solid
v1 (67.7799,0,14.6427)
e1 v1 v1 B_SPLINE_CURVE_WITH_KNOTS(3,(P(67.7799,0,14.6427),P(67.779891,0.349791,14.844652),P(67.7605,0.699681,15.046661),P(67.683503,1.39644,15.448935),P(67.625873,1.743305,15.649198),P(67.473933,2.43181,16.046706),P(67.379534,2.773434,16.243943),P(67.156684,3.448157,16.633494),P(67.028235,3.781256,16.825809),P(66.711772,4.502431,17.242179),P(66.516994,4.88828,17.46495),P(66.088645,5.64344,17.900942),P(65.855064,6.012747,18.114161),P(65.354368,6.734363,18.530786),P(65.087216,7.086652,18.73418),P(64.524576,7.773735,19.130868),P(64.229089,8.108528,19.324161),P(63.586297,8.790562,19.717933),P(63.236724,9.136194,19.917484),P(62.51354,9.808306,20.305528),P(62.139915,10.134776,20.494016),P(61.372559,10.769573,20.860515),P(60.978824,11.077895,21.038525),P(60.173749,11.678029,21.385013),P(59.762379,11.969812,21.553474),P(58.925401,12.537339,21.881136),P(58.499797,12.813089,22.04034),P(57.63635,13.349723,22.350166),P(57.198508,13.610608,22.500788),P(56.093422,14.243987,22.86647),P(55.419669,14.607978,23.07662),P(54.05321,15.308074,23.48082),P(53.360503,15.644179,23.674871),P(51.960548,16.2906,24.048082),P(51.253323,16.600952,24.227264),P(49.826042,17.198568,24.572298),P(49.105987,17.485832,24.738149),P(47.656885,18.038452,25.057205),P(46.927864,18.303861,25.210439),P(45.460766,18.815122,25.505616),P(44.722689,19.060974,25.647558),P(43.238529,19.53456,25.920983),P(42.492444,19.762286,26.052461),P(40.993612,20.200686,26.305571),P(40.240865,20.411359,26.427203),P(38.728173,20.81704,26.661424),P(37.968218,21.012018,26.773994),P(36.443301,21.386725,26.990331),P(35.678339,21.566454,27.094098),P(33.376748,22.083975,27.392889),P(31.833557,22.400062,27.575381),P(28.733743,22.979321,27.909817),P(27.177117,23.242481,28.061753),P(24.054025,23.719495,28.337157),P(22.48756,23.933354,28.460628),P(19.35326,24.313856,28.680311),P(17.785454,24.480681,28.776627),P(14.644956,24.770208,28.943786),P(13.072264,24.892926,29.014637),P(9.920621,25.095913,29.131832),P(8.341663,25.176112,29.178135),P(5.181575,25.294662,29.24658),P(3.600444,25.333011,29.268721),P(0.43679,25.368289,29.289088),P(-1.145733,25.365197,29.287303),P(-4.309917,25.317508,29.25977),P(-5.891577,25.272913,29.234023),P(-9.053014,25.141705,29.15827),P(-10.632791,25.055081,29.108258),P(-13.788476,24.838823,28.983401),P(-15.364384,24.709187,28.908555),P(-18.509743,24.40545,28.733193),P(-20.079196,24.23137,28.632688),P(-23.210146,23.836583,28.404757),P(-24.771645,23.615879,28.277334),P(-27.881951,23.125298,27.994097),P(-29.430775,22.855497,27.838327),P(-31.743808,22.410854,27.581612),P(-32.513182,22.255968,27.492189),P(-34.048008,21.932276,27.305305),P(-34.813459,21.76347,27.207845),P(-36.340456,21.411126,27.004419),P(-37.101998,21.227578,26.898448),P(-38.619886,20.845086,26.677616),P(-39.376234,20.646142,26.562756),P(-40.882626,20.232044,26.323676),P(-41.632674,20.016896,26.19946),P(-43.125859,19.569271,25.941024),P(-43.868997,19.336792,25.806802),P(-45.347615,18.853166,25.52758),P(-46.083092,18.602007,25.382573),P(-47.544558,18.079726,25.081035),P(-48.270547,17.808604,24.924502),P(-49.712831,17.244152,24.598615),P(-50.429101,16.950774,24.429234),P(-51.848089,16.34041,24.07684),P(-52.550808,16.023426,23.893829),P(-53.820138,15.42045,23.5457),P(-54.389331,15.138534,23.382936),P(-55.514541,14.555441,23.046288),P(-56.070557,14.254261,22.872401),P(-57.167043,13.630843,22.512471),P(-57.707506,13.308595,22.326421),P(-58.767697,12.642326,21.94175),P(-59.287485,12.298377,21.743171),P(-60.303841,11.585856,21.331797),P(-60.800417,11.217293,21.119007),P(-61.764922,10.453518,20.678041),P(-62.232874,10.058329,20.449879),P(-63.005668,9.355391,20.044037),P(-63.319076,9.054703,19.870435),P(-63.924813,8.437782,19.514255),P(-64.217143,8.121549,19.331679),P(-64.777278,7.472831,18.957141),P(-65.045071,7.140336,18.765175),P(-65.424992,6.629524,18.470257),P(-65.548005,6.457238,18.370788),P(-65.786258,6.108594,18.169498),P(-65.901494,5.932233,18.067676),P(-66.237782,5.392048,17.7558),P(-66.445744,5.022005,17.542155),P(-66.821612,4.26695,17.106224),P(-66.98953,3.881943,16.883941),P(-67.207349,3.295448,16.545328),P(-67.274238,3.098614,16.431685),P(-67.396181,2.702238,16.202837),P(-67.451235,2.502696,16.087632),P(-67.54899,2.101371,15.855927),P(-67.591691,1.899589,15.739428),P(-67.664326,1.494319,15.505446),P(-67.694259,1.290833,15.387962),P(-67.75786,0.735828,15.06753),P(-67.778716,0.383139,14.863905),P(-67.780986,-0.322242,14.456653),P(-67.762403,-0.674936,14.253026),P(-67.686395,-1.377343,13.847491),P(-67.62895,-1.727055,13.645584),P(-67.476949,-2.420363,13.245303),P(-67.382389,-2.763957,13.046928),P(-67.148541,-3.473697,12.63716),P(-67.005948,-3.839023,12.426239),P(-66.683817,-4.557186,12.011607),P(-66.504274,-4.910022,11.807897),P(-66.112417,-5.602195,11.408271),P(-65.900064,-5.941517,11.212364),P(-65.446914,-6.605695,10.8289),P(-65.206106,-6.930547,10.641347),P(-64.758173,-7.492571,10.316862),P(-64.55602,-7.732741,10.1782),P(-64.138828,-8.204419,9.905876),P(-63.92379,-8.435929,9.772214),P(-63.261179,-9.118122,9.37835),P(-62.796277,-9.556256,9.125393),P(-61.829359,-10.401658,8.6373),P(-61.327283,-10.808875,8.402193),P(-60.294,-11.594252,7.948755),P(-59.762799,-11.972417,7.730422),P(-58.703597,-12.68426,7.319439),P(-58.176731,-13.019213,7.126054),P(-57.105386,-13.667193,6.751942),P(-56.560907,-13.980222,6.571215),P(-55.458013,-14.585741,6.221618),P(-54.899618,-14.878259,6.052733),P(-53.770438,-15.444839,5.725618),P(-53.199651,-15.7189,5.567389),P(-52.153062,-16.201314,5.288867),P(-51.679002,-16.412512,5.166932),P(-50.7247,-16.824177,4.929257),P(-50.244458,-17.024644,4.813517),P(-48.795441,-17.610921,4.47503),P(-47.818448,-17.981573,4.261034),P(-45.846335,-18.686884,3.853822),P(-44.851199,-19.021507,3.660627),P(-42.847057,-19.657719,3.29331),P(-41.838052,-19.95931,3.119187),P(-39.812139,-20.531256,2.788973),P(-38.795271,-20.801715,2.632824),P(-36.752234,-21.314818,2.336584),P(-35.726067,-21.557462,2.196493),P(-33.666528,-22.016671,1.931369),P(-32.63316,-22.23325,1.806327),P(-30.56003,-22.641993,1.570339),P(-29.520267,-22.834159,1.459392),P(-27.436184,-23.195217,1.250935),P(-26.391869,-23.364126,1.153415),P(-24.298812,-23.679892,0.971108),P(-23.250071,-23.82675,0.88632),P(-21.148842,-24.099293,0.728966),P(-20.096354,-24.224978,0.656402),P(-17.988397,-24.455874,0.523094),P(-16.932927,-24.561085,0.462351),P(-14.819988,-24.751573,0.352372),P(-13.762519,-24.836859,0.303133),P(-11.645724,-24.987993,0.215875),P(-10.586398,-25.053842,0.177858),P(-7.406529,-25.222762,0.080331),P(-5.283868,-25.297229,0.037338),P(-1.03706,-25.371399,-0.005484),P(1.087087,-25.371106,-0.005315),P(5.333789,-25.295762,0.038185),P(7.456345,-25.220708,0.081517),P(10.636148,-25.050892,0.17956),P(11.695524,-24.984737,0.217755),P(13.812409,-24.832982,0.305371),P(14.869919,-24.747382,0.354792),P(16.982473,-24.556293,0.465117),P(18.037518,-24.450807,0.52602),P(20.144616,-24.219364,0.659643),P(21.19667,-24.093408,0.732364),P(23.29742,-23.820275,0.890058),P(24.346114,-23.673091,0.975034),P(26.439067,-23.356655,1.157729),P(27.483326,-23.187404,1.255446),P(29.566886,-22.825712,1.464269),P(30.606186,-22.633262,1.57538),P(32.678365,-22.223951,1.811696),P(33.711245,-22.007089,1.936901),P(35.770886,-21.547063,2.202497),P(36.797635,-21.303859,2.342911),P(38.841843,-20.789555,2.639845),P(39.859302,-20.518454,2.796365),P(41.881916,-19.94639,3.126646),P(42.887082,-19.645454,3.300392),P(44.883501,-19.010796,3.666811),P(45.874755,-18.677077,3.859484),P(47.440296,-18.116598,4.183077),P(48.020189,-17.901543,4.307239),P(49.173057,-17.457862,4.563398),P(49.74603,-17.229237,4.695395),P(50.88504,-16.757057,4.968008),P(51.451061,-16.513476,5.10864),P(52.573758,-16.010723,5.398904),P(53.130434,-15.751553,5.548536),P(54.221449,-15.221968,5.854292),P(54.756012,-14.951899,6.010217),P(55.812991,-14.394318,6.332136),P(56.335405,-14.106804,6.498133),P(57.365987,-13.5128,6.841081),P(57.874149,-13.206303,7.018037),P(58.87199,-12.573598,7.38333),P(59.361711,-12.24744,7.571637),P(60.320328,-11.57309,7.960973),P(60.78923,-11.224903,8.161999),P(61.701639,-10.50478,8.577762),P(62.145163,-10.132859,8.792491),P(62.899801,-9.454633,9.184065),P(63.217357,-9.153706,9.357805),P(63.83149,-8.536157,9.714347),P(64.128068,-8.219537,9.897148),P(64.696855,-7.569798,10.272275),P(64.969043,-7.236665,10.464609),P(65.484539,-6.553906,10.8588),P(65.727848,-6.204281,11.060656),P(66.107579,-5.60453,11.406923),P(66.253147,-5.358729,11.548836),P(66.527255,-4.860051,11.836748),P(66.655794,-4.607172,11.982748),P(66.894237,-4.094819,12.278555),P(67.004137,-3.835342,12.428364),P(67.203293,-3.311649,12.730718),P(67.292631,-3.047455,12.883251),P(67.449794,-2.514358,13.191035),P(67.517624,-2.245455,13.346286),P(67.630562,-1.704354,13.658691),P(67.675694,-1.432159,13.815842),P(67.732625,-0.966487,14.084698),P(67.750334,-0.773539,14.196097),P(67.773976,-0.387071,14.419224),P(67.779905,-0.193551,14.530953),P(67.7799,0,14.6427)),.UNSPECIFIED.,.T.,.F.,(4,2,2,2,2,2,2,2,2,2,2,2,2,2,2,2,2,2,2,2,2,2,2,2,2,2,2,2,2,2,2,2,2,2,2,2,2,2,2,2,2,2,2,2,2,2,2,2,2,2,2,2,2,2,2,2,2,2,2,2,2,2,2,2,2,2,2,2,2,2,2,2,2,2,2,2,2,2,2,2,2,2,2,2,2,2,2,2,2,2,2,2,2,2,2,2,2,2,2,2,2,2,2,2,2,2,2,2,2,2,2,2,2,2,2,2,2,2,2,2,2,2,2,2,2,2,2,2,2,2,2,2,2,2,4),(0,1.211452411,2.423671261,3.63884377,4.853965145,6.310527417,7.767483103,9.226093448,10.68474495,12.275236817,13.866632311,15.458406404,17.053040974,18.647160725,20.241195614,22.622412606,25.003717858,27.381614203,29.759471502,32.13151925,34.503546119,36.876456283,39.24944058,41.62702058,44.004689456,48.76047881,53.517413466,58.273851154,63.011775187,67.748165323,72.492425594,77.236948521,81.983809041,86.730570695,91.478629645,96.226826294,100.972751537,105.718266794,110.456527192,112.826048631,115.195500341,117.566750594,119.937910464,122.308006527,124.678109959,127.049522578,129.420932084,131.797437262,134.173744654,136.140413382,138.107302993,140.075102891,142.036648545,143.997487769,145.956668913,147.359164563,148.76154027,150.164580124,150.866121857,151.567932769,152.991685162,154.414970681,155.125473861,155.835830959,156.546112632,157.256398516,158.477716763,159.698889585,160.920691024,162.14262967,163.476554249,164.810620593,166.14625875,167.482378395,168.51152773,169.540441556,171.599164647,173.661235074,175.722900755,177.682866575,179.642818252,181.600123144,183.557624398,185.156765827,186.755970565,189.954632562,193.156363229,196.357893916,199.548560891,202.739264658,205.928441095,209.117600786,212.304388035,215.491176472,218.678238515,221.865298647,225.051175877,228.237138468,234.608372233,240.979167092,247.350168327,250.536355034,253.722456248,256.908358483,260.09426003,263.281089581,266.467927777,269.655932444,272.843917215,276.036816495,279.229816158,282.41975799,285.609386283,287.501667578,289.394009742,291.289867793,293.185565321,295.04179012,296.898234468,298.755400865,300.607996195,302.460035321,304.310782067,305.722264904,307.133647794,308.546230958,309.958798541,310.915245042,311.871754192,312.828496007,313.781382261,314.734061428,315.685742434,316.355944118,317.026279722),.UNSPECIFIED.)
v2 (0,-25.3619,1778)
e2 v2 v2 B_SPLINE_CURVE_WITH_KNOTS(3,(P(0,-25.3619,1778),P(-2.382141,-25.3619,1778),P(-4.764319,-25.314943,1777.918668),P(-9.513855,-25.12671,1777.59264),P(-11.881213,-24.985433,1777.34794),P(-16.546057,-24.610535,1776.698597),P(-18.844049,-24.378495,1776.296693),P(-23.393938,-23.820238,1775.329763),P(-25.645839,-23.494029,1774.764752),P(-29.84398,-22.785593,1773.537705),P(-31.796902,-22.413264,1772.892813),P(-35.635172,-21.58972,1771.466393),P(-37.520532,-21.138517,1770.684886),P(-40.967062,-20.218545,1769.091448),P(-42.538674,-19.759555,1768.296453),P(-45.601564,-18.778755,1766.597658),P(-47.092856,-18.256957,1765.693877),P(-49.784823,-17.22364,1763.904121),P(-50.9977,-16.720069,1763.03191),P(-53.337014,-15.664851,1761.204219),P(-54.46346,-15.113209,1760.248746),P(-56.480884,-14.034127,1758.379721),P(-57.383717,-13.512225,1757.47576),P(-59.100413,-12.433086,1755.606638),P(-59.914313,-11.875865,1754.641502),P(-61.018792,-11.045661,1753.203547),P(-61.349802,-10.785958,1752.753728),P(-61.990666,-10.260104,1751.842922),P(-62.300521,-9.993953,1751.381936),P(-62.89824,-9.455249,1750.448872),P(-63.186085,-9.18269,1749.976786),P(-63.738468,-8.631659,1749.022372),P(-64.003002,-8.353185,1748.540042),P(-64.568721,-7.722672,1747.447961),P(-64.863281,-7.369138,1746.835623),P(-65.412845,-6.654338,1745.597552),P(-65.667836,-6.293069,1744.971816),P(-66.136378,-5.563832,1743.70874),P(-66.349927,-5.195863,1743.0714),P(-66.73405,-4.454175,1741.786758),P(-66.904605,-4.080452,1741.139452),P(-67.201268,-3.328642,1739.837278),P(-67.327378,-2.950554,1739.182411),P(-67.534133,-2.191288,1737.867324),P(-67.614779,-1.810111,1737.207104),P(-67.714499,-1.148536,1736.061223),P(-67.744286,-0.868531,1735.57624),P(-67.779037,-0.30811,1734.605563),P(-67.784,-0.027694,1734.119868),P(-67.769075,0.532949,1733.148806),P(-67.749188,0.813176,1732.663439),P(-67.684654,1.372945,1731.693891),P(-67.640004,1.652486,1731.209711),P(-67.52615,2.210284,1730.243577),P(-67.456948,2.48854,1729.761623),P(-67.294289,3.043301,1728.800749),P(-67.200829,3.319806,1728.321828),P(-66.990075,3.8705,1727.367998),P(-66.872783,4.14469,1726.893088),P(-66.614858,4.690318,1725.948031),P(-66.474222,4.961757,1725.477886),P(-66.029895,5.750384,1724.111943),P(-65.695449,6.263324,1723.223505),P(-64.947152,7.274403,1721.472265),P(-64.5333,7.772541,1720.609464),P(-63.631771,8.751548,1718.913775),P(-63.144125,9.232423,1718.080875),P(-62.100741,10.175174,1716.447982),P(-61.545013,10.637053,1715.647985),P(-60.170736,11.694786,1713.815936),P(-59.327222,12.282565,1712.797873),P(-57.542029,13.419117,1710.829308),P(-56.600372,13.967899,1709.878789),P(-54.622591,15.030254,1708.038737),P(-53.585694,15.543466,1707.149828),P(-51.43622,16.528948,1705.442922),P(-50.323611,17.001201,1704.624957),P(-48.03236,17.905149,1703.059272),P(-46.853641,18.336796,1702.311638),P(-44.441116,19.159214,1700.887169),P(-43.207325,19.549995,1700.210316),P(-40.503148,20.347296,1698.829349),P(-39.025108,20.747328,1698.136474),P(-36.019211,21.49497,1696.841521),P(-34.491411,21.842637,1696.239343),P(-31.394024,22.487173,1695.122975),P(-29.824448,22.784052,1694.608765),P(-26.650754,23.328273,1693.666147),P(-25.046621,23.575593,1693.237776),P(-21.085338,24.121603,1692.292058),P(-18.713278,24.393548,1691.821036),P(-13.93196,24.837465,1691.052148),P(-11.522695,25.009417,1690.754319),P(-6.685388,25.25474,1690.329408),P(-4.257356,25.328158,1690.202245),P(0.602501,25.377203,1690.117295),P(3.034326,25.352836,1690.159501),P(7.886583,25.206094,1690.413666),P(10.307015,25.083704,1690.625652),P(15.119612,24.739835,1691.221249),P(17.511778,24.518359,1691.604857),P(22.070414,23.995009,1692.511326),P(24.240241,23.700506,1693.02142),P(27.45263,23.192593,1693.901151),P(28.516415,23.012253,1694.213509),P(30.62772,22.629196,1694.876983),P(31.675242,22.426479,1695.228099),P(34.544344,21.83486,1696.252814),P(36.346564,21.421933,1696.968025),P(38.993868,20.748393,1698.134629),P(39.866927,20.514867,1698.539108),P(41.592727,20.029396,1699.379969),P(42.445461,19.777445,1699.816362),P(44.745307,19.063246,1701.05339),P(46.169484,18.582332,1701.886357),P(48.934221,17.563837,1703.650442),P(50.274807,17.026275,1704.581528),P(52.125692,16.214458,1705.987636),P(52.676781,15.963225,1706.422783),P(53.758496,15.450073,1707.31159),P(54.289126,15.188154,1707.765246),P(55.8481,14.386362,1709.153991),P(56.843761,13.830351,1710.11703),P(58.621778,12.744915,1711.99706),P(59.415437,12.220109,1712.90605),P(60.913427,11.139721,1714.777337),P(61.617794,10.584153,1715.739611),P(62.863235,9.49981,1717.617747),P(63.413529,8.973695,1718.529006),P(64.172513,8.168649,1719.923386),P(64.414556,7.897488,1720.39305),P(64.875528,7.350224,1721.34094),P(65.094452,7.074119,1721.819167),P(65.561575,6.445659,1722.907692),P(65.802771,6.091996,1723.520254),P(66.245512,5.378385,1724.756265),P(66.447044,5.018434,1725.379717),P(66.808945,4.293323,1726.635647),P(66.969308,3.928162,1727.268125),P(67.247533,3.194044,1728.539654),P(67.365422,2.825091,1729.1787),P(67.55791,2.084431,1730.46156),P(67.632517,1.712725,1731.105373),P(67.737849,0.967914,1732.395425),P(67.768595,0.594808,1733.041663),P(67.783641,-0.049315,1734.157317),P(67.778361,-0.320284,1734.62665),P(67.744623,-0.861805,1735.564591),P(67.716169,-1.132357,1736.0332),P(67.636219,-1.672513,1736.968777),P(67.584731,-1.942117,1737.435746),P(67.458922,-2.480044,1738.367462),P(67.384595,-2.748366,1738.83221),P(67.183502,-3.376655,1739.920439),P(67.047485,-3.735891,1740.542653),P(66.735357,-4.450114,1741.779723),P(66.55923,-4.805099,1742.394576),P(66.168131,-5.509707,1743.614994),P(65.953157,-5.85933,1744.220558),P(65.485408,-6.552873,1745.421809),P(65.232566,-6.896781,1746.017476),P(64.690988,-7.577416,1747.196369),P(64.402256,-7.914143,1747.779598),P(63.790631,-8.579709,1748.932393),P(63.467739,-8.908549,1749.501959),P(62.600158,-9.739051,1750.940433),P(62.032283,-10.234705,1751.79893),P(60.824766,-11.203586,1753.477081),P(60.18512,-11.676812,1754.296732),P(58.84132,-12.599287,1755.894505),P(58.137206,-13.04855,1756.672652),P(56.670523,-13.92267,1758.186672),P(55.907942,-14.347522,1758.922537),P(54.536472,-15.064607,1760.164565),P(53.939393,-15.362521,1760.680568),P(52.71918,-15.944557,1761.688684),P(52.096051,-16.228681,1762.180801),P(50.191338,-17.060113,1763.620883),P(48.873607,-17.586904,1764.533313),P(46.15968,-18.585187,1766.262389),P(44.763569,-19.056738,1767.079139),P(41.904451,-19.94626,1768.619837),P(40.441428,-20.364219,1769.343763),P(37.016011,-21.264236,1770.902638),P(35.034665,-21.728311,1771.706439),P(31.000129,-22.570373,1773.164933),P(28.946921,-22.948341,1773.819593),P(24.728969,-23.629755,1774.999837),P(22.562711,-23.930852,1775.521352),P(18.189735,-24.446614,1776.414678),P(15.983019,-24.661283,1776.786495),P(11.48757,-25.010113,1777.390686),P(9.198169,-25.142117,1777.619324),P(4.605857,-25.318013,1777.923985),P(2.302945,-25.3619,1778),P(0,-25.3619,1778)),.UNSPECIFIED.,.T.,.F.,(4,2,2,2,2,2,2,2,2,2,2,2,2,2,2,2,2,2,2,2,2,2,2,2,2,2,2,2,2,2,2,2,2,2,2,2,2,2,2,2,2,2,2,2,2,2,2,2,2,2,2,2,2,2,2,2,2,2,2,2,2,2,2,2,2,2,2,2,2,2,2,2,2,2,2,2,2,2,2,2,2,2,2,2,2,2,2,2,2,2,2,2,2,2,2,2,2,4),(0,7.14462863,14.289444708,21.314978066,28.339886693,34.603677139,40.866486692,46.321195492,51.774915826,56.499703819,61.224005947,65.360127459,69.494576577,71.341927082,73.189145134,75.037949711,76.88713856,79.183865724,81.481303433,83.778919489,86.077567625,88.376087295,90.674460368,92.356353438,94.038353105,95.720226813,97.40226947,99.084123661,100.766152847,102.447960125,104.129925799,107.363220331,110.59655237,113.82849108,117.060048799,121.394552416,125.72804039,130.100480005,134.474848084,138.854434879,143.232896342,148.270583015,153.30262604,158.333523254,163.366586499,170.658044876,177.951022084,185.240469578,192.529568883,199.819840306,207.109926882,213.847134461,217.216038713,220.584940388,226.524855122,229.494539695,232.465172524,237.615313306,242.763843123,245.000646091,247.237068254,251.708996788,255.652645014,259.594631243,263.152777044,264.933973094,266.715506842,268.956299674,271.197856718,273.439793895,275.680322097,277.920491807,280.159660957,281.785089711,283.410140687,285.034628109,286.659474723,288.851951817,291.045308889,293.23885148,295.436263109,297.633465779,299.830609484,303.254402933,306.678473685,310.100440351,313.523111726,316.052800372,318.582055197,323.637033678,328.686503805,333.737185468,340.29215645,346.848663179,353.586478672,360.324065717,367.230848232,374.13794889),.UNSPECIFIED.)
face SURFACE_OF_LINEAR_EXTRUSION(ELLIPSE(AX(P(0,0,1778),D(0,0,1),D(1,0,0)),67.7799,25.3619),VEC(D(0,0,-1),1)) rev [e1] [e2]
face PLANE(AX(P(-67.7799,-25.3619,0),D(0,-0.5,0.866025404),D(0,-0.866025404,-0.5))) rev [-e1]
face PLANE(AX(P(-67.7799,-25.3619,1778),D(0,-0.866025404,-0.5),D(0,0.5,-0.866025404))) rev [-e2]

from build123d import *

# Parameters (mm, degrees)
SKETCH1_RX              = 67.7799
SKETCH1_RY              = 25.3619
BOSS_EXTRUDE2_DEPTH     = 1778
CUT_EXTRUDE1_DEPTH      = 68.7799
CUT_EXTRUDE1_DEPTH_BACK = 68.7799


with BuildPart() as part:
    # Sketch1 → Boss-Extrude2 (new body)
    with BuildSketch(Plane.XY):
        with Locations((0, 0)):
            Ellipse(SKETCH1_RX, SKETCH1_RY)
    extrude(amount=BOSS_EXTRUDE2_DEPTH)

    # Sketch2 → Cut-Extrude1 (cut, two sides)
    with BuildSketch(Plane(origin=(0, 0, 0), x_dir=(0, 0, -1), z_dir=(1, 0, 0))) as cut_extrude1_sk:
        Polygon((-1778, -25.3619), (-1645.968257641, 50.866661992), (-2758.274439096, 50.866661992), (-2758.274439096, -25.3619), align=None)
        Polygon((0, -25.3619), (-29.285399584, 25.3619), (0, 25.3619), align=None)
    extrude(amount=CUT_EXTRUDE1_DEPTH, mode=Mode.SUBTRACT)
    extrude(cut_extrude1_sk.sketch, amount=-CUT_EXTRUDE1_DEPTH_BACK, mode=Mode.SUBTRACT)


solid = part.part
